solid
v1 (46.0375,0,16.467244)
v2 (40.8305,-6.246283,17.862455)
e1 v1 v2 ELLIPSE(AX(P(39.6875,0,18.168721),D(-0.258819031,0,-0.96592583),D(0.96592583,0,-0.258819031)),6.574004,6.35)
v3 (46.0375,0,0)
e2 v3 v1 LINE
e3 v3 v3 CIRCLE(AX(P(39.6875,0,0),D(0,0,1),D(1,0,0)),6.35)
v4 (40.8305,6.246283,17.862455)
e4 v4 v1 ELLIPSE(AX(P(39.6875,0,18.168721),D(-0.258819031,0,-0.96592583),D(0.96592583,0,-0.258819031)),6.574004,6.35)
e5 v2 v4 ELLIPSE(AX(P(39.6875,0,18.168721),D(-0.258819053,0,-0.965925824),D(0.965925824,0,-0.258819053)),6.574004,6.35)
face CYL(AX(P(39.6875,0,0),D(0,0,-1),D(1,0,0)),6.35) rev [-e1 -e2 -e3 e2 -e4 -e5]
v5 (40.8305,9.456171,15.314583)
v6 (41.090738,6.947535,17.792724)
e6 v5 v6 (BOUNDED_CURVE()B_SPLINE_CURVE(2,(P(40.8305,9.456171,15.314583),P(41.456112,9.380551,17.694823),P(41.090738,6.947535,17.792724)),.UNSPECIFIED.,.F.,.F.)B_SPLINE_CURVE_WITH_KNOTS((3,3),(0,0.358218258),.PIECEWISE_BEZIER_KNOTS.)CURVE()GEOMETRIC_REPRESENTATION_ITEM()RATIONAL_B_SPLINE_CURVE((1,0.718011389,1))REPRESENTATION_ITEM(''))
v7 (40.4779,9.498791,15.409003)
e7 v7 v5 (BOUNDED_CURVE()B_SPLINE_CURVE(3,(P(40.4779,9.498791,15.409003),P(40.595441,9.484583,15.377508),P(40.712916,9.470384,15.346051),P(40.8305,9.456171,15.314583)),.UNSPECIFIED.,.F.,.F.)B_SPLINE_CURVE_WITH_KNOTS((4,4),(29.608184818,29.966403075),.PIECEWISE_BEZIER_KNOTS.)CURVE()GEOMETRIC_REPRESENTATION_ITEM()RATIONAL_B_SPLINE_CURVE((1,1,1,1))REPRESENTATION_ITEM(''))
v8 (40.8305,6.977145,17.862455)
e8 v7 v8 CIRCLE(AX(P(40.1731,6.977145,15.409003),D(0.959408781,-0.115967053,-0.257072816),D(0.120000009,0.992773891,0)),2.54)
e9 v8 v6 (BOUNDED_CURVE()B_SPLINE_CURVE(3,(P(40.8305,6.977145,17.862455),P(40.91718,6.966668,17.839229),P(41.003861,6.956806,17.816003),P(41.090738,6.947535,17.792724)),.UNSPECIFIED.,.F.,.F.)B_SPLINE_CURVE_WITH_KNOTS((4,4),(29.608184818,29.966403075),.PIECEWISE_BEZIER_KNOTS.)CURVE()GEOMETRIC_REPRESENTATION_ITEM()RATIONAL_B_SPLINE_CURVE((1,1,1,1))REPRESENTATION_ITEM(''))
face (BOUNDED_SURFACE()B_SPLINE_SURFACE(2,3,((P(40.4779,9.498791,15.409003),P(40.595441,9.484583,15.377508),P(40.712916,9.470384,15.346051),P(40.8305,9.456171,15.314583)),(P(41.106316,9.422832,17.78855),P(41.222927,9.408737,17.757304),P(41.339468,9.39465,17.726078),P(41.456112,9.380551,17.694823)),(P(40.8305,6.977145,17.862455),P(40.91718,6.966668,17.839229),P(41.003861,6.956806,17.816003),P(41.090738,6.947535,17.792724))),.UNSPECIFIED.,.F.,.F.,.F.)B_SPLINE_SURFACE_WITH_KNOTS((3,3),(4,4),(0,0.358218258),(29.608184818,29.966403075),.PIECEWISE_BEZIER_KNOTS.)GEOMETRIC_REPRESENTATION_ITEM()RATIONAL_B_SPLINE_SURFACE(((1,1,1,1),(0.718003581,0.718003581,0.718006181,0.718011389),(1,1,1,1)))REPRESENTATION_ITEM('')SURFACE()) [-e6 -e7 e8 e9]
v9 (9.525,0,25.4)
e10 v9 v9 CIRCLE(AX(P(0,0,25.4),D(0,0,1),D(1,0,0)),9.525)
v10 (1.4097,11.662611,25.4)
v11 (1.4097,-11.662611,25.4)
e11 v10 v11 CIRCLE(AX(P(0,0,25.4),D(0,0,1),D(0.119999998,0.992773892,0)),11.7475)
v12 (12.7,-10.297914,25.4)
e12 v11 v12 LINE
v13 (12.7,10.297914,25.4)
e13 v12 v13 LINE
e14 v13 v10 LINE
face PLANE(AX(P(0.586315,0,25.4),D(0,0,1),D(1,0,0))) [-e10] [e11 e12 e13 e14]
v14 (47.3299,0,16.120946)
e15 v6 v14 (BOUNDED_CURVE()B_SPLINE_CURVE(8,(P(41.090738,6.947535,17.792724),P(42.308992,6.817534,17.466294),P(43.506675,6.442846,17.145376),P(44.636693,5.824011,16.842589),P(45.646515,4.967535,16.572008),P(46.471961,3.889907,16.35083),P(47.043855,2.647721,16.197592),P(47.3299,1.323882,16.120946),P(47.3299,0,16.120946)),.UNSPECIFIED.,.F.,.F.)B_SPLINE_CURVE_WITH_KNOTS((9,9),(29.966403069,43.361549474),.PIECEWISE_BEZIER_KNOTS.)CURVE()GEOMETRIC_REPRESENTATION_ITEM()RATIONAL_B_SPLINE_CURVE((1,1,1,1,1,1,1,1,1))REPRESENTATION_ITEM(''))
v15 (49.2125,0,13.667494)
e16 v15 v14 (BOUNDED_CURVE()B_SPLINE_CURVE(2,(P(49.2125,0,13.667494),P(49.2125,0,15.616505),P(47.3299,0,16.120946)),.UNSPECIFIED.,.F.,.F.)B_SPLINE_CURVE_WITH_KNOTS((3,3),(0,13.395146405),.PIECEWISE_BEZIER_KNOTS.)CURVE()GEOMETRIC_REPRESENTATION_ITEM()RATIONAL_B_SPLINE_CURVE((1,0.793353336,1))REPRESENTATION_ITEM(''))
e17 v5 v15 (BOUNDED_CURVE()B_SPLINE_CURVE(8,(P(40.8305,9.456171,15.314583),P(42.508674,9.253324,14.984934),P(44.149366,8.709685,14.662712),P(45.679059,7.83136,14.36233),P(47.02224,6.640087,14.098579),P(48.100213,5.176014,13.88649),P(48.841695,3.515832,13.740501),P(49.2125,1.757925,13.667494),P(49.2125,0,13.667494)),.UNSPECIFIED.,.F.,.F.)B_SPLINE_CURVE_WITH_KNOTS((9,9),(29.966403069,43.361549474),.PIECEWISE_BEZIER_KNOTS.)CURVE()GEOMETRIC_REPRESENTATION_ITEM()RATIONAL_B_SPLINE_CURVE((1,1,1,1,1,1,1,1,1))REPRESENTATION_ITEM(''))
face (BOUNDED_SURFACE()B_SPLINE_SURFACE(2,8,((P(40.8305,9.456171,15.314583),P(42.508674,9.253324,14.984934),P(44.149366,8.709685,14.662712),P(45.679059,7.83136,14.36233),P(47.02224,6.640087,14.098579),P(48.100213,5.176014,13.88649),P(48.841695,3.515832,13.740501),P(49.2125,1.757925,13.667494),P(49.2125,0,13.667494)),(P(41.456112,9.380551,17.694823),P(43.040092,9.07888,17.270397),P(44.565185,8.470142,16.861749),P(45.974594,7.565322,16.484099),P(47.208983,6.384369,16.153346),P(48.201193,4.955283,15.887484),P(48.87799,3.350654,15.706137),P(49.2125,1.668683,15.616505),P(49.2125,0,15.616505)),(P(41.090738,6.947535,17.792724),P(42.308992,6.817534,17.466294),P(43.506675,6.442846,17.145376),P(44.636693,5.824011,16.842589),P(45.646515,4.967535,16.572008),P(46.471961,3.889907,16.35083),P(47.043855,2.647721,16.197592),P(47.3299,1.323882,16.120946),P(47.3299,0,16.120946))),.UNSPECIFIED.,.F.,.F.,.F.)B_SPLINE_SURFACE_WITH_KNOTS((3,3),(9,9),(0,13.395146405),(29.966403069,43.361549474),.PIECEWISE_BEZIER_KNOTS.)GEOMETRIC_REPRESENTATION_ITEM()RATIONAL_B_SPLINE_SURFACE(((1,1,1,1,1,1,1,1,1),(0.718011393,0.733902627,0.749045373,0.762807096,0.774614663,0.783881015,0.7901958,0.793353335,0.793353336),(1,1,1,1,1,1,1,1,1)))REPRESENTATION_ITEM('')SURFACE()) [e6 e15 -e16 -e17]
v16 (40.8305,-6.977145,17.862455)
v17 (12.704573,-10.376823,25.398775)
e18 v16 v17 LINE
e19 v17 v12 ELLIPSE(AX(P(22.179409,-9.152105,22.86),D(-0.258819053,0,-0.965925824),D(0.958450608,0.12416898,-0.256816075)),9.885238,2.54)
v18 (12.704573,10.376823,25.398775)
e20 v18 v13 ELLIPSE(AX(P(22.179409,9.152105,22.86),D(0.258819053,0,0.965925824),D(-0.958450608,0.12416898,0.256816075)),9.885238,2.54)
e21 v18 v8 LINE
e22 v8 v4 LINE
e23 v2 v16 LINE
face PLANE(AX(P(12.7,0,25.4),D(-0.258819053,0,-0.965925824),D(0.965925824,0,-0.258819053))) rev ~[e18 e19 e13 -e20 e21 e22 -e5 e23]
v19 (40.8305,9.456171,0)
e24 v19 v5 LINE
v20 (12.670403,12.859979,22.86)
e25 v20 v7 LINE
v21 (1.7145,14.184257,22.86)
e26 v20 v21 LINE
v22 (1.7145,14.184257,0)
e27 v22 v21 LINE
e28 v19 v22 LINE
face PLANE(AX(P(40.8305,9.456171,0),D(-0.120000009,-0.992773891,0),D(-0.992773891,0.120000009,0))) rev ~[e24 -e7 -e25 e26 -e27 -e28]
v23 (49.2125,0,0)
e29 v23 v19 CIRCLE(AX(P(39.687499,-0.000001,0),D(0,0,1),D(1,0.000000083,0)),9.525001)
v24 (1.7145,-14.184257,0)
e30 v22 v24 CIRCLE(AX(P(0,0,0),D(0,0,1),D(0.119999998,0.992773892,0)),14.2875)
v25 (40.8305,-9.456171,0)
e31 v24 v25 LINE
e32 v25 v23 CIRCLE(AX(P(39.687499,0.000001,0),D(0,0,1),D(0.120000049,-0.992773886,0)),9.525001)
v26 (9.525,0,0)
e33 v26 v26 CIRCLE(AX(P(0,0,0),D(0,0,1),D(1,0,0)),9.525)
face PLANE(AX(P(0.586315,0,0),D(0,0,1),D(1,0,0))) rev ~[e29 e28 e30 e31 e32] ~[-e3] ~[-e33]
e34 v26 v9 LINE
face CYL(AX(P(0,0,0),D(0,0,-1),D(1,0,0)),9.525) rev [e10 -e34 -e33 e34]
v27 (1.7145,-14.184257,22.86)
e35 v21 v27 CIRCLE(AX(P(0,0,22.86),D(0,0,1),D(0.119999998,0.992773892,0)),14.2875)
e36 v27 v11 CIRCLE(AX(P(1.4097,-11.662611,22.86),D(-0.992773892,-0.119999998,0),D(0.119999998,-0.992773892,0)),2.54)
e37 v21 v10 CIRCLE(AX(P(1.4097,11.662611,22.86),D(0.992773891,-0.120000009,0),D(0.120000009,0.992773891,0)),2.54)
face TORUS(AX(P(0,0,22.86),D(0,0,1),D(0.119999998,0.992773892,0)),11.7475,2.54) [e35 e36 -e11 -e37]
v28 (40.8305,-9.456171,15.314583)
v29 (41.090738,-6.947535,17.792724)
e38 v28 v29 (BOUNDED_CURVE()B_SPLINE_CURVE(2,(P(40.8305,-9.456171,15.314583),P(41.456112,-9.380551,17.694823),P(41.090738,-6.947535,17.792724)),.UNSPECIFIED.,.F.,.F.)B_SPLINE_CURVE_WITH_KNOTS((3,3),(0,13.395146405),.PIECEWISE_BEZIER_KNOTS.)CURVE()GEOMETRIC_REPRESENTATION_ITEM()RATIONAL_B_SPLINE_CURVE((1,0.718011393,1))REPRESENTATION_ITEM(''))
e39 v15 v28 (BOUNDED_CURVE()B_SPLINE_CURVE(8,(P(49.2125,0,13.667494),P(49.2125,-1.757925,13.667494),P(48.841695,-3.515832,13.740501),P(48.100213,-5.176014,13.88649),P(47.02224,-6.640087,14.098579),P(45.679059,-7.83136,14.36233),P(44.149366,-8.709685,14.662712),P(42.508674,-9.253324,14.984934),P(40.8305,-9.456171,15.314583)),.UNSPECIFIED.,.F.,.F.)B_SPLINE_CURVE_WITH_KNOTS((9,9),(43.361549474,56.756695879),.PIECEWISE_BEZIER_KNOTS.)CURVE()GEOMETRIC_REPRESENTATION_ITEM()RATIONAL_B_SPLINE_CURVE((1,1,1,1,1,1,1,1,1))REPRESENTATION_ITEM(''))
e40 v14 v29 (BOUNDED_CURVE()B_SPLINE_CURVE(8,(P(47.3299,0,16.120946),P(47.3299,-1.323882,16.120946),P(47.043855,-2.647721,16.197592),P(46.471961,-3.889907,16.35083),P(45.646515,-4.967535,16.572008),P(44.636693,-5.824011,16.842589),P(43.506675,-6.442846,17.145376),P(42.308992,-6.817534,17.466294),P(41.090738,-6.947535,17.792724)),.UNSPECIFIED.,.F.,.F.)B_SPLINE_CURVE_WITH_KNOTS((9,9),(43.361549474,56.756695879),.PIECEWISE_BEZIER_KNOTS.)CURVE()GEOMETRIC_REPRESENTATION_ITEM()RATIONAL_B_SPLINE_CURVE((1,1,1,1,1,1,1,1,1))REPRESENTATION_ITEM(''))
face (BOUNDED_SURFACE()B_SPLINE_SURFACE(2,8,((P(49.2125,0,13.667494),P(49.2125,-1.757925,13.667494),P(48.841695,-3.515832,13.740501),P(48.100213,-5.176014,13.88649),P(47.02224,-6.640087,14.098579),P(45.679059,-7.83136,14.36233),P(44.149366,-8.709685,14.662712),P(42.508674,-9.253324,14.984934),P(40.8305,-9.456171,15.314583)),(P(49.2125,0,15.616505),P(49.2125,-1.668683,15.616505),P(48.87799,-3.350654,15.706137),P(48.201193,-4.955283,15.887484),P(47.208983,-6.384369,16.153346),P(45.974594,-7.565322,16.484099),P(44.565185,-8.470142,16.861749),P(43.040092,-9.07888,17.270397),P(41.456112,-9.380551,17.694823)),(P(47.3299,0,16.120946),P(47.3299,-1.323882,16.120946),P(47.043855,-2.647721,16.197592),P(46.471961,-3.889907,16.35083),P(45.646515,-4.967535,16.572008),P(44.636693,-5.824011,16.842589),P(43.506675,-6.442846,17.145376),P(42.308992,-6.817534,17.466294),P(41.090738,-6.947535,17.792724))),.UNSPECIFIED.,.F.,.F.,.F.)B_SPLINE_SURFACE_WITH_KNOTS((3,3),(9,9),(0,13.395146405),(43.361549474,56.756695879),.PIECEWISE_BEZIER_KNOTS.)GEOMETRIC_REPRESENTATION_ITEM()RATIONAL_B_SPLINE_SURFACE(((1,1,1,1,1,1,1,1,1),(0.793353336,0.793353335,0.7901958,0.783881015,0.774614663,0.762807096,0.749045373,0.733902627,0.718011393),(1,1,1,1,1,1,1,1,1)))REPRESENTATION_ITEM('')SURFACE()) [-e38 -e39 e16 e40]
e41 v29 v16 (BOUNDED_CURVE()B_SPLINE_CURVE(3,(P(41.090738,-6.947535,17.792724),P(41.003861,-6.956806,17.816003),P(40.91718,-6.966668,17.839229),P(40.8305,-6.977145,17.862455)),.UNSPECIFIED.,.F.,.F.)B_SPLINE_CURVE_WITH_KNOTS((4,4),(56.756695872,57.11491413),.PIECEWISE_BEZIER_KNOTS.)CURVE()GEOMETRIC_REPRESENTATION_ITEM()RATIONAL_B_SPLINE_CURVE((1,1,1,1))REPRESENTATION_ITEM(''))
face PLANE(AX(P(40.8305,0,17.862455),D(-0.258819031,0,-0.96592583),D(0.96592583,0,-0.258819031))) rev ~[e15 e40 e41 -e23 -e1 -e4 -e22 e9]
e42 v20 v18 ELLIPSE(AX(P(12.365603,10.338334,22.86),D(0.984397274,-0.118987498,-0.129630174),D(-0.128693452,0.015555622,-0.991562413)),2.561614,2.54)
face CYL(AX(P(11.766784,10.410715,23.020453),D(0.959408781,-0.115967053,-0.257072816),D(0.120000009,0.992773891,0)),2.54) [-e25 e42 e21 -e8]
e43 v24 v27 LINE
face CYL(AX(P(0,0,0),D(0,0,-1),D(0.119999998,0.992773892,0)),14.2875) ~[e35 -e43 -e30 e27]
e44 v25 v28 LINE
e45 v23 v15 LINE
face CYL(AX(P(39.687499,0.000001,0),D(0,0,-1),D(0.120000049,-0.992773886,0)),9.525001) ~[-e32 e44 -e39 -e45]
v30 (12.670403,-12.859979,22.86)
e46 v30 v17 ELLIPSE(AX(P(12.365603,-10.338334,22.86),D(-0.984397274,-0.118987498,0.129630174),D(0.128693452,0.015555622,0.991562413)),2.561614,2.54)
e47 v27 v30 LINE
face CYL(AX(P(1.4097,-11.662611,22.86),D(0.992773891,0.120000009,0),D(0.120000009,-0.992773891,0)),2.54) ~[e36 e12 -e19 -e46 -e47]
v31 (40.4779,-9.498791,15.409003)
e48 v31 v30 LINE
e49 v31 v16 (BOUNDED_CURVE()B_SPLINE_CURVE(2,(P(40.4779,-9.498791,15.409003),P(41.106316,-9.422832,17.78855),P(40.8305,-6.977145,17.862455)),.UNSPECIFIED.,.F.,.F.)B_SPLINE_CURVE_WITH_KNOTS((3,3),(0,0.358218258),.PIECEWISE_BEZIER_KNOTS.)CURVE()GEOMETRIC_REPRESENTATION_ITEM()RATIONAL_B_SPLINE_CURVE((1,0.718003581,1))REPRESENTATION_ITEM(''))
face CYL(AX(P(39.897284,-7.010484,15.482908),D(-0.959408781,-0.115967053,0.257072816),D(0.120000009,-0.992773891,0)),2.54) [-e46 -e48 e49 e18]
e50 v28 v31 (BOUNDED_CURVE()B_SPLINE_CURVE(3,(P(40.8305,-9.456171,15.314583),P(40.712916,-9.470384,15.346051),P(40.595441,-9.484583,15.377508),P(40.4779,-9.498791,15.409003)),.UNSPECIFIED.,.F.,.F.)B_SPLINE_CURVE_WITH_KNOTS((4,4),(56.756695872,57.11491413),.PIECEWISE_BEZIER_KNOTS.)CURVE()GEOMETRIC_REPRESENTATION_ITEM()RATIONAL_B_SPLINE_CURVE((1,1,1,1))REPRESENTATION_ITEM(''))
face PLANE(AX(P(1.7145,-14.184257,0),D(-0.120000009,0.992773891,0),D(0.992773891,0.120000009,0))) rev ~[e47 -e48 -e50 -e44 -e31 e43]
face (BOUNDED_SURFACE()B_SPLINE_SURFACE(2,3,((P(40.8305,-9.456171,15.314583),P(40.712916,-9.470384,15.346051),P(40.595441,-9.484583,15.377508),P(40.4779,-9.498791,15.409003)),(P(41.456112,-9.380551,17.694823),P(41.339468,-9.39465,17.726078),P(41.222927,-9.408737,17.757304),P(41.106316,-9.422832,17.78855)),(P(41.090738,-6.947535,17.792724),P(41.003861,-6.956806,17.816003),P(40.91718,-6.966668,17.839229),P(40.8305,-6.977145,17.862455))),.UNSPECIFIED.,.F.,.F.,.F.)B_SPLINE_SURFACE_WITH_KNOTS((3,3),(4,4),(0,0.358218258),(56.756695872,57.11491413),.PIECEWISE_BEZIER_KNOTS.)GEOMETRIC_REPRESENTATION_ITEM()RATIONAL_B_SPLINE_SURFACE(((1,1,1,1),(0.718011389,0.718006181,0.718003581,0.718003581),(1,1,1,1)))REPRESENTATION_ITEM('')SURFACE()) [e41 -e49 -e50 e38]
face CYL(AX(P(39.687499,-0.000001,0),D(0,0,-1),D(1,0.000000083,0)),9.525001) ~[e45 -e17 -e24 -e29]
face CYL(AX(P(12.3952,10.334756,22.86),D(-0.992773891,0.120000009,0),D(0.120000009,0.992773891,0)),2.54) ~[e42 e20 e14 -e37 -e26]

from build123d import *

# Parameters (mm, degrees)
F0_R     = 9.525
F0_R_2   = 6.35
F1_DEPTH = 25.4
F3_DEPTH = 15.24
F4_R     = 2.54


with BuildPart() as f1:
    # F0 (on Top) → F1 (new body)
    with BuildSketch(Plane.XY):
        with BuildLine():
            ThreePointArc((1.7145, -14.184257), (10.691786, -9.477255), (14.2875, 0))
            ThreePointArc((14.2875, 0), (10.691786, 9.477255), (1.7145, 14.184257))
            ThreePointArc((1.7145, 14.184257), (-14.2875, 0), (1.7145, -14.184257))
        make_face()
        Circle(F0_R, mode=Mode.SUBTRACT)
        with BuildLine():
            ThreePointArc((1.7145, 14.184257), (10.691786, 9.477255), (14.2875, 0))
            ThreePointArc((14.2875, 0), (10.691786, -9.477255), (1.7145, -14.184257))
            Line((1.7145, -14.184257), (40.8305, -9.456171))
            ThreePointArc((40.8305, -9.456171), (30.1625, 0), (40.8305, 9.456171))
            Line((40.8305, 9.456171), (1.7145, 14.184257))
        make_face()
        with BuildLine():
            ThreePointArc((49.2125, 0), (46.815357, 6.31817), (40.8305, 9.456171))
            ThreePointArc((40.8305, 9.456171), (30.1625, 0), (40.8305, -9.456171))
            ThreePointArc((40.8305, -9.456171), (46.815357, -6.31817), (49.2125, 0))
        make_face()
        with Locations((39.6875, 0)):
            Circle(F0_R_2, mode=Mode.SUBTRACT)
    extrude(amount=F1_DEPTH)

    # F2 (on Front) → F3 (cut, symmetric)
    with BuildSketch(Plane.XZ):
        Polygon((40.8305, 25.4), (12.7, 25.4), (40.8305, 17.862455), align=None)
        Polygon((49.2125, 25.4), (40.8305, 25.4), (40.8305, 17.862455), (49.2125, 15.616505), align=None)
    extrude(amount=F3_DEPTH, both=True, mode=Mode.SUBTRACT)

    # F4
    f4_edges = [f1.edges().sort_by_distance(p)[0] for p in [
        (26.76525, -11.156287, 21.631228),
        (-14.2875, 0, 25.4),
    ]]
    fillet(f4_edges, radius=F4_R)


solid = f1.part
